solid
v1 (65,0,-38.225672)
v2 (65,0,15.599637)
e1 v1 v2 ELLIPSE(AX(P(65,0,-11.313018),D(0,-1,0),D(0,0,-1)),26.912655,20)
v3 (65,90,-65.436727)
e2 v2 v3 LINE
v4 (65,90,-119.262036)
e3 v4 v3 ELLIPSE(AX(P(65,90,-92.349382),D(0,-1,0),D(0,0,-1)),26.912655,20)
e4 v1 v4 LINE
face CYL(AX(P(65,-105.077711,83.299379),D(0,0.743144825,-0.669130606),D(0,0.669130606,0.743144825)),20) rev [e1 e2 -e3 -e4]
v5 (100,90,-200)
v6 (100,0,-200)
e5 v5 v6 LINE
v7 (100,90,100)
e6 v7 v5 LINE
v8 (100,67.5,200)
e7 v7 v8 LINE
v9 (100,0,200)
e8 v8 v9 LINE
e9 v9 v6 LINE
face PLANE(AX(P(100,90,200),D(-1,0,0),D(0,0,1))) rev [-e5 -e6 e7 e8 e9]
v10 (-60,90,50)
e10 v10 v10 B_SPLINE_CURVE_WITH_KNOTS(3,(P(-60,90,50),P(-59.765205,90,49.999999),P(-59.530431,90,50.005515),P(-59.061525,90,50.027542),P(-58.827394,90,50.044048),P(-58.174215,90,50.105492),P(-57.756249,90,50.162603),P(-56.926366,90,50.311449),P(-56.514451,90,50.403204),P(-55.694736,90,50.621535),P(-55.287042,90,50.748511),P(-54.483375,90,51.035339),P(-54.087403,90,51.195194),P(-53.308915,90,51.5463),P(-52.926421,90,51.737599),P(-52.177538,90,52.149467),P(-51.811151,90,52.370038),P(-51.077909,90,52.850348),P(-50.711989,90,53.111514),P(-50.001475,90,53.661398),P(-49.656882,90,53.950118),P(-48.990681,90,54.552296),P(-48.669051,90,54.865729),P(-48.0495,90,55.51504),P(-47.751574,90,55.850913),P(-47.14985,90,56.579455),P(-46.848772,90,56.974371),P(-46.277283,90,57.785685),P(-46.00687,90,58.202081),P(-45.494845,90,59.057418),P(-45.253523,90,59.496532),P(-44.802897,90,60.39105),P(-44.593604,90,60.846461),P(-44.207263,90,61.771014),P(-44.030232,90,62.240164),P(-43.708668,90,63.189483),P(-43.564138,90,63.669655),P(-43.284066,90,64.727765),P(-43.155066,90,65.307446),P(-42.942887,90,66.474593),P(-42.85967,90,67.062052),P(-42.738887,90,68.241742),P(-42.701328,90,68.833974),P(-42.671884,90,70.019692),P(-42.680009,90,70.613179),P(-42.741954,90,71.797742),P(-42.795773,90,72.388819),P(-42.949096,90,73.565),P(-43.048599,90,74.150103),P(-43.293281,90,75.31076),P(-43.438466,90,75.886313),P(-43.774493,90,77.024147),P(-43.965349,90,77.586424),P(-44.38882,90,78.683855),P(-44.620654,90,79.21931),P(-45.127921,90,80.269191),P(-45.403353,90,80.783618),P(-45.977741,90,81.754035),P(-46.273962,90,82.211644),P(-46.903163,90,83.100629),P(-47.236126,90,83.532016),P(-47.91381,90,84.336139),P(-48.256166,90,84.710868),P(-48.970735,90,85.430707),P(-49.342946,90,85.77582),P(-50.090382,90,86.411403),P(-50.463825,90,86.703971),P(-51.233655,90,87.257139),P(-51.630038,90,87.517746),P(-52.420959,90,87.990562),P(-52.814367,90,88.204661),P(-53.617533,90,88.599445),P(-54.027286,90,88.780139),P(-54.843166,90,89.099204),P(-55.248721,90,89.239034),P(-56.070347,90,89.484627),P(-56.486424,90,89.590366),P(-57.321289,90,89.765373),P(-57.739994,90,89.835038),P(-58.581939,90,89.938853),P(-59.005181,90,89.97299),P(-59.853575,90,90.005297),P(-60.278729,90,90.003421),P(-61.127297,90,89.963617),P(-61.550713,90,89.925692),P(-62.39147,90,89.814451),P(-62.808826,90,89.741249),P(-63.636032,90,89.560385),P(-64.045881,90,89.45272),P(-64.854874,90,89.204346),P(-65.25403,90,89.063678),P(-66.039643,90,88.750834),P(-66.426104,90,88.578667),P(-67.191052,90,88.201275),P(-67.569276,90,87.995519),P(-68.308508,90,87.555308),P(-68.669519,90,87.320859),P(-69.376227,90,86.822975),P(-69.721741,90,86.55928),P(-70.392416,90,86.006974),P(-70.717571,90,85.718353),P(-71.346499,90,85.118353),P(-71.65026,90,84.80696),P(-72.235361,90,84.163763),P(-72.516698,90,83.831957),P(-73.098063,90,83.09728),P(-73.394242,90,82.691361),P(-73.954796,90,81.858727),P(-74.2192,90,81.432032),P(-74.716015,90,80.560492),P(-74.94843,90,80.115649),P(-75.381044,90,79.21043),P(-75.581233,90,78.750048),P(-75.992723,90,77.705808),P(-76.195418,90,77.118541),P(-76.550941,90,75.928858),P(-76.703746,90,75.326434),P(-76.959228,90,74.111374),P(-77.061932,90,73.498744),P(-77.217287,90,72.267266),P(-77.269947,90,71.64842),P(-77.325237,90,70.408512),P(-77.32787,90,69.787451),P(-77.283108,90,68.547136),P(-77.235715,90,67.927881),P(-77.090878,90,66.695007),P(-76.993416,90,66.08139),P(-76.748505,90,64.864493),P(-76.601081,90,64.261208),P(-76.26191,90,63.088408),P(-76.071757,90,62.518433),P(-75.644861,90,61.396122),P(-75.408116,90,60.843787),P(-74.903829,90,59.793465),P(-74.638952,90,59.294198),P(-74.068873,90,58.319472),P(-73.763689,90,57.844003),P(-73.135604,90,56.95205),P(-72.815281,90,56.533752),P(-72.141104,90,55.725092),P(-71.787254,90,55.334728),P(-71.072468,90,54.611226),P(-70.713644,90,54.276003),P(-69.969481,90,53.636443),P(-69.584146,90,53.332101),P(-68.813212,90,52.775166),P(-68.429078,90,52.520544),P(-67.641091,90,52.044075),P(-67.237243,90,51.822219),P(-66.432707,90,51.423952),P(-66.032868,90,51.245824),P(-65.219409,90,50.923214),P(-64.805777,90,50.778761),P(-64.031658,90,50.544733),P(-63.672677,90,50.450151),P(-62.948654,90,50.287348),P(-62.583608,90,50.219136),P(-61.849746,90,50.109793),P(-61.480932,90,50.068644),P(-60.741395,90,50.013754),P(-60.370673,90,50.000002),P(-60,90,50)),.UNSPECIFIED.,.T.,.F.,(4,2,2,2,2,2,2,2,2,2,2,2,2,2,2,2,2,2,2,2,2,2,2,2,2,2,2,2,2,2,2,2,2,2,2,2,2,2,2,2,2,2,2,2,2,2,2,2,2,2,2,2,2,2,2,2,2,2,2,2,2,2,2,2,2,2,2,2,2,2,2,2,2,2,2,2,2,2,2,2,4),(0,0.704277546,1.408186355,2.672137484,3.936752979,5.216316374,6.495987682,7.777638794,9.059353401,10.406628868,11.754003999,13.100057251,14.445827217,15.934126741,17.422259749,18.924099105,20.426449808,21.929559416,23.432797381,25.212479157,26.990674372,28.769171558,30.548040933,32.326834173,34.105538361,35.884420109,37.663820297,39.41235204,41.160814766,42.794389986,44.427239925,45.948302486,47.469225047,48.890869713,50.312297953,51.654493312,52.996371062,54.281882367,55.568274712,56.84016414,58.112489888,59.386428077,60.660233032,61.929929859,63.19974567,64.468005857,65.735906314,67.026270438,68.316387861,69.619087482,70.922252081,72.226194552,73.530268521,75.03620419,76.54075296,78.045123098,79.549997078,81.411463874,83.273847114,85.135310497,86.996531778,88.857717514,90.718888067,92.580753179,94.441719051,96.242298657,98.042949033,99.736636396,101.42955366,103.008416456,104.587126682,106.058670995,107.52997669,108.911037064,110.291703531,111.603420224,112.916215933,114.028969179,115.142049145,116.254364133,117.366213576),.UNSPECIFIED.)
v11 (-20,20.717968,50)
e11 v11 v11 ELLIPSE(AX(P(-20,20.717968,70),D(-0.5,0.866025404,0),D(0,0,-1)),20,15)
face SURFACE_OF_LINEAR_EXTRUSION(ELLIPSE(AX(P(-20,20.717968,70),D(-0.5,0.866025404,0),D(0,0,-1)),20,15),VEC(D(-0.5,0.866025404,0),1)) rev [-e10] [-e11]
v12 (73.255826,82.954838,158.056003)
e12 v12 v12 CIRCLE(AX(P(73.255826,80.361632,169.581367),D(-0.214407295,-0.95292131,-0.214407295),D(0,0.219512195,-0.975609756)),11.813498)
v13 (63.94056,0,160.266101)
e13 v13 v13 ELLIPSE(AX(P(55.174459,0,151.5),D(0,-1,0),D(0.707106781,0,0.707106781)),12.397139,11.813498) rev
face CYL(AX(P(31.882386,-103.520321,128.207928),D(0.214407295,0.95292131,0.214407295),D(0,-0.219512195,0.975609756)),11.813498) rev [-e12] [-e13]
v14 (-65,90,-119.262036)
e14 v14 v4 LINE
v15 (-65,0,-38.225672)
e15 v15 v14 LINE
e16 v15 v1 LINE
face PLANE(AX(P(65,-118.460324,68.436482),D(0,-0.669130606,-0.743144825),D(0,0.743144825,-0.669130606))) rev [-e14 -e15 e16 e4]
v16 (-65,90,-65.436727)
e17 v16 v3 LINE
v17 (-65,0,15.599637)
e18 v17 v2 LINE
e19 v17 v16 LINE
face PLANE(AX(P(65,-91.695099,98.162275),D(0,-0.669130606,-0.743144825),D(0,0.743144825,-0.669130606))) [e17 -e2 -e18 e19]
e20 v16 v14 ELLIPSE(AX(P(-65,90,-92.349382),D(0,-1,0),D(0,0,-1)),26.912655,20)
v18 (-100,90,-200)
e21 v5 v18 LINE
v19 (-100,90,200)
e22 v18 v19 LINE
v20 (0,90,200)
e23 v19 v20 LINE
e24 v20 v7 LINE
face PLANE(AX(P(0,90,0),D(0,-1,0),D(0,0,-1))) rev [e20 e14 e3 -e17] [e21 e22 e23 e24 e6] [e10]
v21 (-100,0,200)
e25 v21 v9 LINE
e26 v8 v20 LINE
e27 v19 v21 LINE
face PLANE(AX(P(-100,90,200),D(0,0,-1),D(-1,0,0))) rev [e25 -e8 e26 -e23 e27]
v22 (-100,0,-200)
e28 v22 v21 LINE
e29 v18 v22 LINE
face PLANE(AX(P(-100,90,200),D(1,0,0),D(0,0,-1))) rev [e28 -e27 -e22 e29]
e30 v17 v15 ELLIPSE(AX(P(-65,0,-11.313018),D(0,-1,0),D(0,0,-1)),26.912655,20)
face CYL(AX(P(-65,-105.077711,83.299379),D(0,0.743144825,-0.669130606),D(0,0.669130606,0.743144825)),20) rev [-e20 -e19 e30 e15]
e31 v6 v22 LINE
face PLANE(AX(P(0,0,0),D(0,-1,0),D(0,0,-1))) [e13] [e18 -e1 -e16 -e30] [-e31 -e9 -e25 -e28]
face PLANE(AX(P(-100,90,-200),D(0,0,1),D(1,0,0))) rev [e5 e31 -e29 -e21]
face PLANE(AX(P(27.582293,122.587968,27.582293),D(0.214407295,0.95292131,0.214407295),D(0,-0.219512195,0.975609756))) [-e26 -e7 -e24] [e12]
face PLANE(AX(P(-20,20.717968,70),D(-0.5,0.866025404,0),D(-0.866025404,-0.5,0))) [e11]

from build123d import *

# Parameters (mm, degrees)
SKETCH1_W           = 200
SKETCH1_H           = 400
BOSS_EXTRUDE1_DEPTH = 90
CUT_EXTRUDE2_DEPTH  = 289.26854046
SKETCH4_3_R         = 11.813497964
CUT_EXTRUDE4_DEPTH  = 289.26854046
SKETCH10_RX         = 20
SKETCH10_RY         = 15
CUT_EXTRUDE5_DEPTH  = 100
CUT_EXTRUDE6_DEPTH  = 380.479144091


with BuildPart() as part:
    # Sketch1 → Boss-Extrude1 (new body)
    with BuildSketch(Plane(origin=(0, 0, 0), x_dir=(1, 0, 0), z_dir=(0, 1, 0))):
        Rectangle(SKETCH1_W, SKETCH1_H)
    extrude(amount=BOSS_EXTRUDE1_DEPTH)

    # Sketch4 → Cut-Extrude2 (cut, through all)
    with BuildSketch(Plane(origin=(27.582292849, 122.587968218, 27.582292849), x_dir=(-0.9767443431718839, 0.20917784862693525, 0.04706501594106042), z_dir=(-0.21440729484260865, -0.9529213104115941, -0.21440729484260865))):
        Polygon((28.239009565, -175.365853659), (-74.141926347, -77.804878049), (-74.141926347, -180.304878049), align=None)
    extrude(amount=-CUT_EXTRUDE2_DEPTH, mode=Mode.SUBTRACT)

    # Sketch4<3> → Cut-Extrude4 (cut, through all)
    with BuildSketch(Plane(origin=(27.582292849, 122.587968218, 27.582292849), x_dir=(-0.9767443431718839, 0.20917784862693525, 0.04706501594106042), z_dir=(-0.21440729484260865, -0.9529213104115941, -0.21440729484260865))):
        with Locations((-46.760990435, -147.804878049)):
            Circle(SKETCH4_3_R)
    extrude(amount=CUT_EXTRUDE4_DEPTH, mode=Mode.SUBTRACT)

    # Sketch10 → Cut-Extrude5 (cut)
    with BuildSketch(Plane(origin=(-63.97114317, 110.801270189, 0), x_dir=(0, 0, 1), z_dir=(-0.500000000000001, 0.866025403784438, 0))):
        with Locations(Location((70, -6.961524227), (0, 0, 180))):
            Ellipse(SKETCH10_RX, SKETCH10_RY)
    extrude(amount=-CUT_EXTRUDE5_DEPTH, mode=Mode.SUBTRACT)

    # Sketch11 → Cut-Extrude6 (cut, through all)
    with BuildSketch(Plane(origin=(0, 149.155970384, -134.300638965), x_dir=(-1, 0, 0), z_dir=(0, 0.7431448254773932, -0.6691306063588595))):
        with BuildLine():
            Line((-65, 11.592789477), (65, 11.592789477))
            ThreePointArc((65, 11.592789477), (85, -8.407210523), (65, -28.407210523))
            Line((65, -28.407210523), (-65, -28.407210523))
            ThreePointArc((-65, -28.407210523), (-85, -8.407210523), (-65, 11.592789477))
        make_face()
    extrude(amount=-CUT_EXTRUDE6_DEPTH, mode=Mode.SUBTRACT)


solid = part.part
